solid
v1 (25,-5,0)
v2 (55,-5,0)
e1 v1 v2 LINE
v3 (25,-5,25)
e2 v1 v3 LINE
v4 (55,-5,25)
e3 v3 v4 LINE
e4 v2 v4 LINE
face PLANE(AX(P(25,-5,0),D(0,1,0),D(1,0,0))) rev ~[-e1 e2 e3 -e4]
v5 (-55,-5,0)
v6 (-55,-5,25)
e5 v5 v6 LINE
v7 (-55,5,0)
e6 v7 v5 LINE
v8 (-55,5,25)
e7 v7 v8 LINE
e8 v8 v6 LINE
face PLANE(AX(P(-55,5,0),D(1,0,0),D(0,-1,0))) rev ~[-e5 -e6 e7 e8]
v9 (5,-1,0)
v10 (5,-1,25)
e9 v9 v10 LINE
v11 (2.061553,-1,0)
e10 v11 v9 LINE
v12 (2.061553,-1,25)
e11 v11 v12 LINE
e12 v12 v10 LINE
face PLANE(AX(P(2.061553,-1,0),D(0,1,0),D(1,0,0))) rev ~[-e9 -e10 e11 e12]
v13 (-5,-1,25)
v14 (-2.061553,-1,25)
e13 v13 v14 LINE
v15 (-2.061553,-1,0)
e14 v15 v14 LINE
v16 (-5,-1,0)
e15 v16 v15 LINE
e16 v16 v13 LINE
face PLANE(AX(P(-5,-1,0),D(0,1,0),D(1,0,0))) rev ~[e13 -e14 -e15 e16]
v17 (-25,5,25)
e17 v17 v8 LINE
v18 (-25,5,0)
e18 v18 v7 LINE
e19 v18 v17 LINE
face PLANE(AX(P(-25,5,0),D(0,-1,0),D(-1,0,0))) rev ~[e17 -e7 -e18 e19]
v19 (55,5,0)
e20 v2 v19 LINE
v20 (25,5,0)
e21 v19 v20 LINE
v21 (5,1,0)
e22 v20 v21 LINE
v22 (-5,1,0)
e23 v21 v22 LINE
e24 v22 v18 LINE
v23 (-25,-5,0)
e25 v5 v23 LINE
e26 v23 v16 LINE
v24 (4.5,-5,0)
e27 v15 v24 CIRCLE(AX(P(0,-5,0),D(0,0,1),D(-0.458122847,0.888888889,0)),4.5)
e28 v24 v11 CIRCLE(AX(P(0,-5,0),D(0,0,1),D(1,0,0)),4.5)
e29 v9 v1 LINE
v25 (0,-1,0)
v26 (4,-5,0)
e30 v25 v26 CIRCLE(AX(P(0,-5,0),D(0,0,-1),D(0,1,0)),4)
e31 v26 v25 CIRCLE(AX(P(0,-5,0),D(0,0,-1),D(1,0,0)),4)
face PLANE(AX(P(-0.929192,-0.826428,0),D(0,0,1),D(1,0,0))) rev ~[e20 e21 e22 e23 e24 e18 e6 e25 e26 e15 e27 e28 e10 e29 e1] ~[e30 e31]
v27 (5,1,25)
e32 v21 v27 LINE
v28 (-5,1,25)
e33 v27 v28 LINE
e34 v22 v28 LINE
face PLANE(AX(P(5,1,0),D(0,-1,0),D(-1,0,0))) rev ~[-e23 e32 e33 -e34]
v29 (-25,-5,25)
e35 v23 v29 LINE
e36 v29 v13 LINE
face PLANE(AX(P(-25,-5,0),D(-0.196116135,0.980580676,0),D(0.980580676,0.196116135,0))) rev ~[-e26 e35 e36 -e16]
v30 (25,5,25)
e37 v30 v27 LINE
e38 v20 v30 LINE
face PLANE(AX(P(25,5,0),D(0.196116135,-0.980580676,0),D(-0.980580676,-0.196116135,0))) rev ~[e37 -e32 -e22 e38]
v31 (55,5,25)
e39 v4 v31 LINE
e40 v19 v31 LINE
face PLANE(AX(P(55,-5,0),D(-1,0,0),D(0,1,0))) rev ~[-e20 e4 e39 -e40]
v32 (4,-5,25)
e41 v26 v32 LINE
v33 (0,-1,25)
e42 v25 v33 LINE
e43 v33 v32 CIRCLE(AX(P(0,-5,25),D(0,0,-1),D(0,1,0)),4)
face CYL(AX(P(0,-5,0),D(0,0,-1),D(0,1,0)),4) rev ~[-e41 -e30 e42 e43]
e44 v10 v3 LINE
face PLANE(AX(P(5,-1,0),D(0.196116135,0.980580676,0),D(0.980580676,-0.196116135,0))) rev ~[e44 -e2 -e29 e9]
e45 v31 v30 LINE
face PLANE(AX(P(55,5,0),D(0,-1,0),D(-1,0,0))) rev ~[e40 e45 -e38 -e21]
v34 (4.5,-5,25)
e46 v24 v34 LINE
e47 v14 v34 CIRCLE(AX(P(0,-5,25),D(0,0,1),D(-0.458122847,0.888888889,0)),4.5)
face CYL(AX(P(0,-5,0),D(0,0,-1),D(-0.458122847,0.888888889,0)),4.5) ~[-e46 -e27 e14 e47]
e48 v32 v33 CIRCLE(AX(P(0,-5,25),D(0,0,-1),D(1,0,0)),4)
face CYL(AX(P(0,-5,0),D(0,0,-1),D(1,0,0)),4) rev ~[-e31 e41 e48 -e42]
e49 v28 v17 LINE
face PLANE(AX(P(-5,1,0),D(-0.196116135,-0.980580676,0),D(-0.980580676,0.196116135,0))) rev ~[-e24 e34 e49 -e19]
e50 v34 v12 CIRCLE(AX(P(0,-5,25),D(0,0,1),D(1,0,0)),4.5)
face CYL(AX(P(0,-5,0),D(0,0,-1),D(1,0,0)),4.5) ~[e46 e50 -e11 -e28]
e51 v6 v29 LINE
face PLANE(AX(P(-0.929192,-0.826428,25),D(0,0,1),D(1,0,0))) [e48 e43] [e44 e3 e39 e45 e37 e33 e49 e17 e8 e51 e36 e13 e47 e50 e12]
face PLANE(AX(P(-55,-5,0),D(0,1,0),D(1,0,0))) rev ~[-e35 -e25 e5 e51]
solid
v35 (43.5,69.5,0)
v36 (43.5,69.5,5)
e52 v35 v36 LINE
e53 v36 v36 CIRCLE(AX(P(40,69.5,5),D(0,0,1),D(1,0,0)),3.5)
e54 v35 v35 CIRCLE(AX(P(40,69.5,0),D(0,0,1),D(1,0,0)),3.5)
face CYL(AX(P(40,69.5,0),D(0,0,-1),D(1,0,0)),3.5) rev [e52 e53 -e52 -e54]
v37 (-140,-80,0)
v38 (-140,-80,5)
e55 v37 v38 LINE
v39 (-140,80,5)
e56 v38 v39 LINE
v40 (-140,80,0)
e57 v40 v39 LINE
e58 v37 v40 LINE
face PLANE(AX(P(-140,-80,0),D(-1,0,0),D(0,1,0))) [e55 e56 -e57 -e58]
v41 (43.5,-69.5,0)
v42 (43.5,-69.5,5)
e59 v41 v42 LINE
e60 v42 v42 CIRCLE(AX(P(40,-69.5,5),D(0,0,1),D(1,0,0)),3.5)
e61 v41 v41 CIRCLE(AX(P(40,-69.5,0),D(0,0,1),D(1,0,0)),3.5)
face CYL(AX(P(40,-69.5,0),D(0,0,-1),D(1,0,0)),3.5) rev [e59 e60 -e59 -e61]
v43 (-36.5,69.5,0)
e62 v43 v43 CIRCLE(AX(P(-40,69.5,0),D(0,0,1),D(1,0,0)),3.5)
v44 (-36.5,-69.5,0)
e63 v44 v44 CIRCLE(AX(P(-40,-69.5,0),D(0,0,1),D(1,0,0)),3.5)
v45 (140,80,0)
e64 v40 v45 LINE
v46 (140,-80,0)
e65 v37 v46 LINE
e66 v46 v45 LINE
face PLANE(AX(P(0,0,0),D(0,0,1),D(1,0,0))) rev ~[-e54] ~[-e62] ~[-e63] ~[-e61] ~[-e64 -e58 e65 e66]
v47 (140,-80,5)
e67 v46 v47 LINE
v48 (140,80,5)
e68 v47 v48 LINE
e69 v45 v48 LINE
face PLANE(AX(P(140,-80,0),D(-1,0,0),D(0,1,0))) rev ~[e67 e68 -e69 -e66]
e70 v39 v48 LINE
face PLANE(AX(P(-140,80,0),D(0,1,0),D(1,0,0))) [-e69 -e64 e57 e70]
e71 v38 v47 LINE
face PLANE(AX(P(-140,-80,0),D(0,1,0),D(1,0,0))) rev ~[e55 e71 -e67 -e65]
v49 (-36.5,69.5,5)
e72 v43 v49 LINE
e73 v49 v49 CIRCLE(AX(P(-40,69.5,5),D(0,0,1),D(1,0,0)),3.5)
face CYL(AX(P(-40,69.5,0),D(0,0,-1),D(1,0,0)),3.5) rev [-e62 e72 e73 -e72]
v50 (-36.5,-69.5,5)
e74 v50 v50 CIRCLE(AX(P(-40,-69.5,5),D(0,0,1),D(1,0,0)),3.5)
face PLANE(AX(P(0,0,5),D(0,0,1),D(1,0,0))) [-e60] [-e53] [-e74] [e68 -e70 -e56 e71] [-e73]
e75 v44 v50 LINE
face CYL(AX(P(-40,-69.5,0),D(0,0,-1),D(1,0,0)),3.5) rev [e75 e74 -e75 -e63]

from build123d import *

# Parameters (mm, degrees)
F0_W     = 280
F0_H     = 160
F0_R     = 3.5
F1_DEPTH = 5
F3_DEPTH = 25


with BuildPart() as f1:
    # F0 (on Top) → F1 (new body)
    with BuildSketch(Plane.XY):
        Rectangle(F0_W, F0_H)
        with Locations((-40, -69.5)):
            Circle(F0_R, mode=Mode.SUBTRACT)
        with Locations((40, -69.5)):
            Circle(F0_R, mode=Mode.SUBTRACT)
        with Locations((-40, 69.5)):
            Circle(F0_R, mode=Mode.SUBTRACT)
        with Locations((40, 69.5)):
            Circle(F0_R, mode=Mode.SUBTRACT)
    extrude(amount=F1_DEPTH)


with BuildPart() as f3:
    # F2 (on face) → F3 (new body)
    with BuildSketch(Plane.XY):
        with BuildLine():
            ThreePointArc((0, -0.5), (-1.0606601718, -0.6267860789), (-2.0615528128, -1))
            Line((-2.0615528128, -1), (0, -1))
            Line((0, -1), (0, -0.5))
        make_face()
        with BuildLine():
            Line((0, -1), (2.0615528128, -1))
            ThreePointArc((2.0615528128, -1), (1.0606601718, -0.6267860789), (0, -0.5))
            Line((0, -0.5), (0, -1))
        make_face()
        with BuildLine():
            ThreePointArc((4.5, -5), (3.8423292192, -2.6576707808), (2.0615528128, -1))
            Line((2.0615528128, -1), (0, -1))
            Line((0, -1), (-2.0615528128, -1))
            ThreePointArc((-2.0615528128, -1), (-2.3423292192, -8.8423292192), (4.5, -5))
        make_face()
        with BuildLine():
            ThreePointArc((4, -5), (-2.8284271247, -7.8284271247), (0, -1))
            ThreePointArc((0, -1), (2.8284271247, -2.1715728753), (4, -5))
        make_face(mode=Mode.SUBTRACT)
        with BuildLine():
            Line((5, 1), (0, 1))
            Line((0, 1), (-5, 1))
            Line((-5, 1), (-25, 5))
            Line((-25, 5), (-55, 5))
            Line((-55, 5), (-55, 0))
            Line((-55, 0), (-55, -5))
            Line((-55, -5), (-25, -5))
            Line((-25, -5), (-5, -1))
            Line((-5, -1), (-2.0615528128, -1))
            ThreePointArc((-2.0615528128, -1), (-1.0606601718, -0.6267860789), (0, -0.5))
            ThreePointArc((0, -0.5), (1.0606601718, -0.6267860789), (2.0615528128, -1))
            Line((2.0615528128, -1), (5, -1))
            Line((5, -1), (25, -5))
            Line((25, -5), (55, -5))
            Line((55, -5), (55, 5))
            Line((55, 5), (25, 5))
            Line((25, 5), (5, 1))
        make_face()
    extrude(amount=F3_DEPTH)


solid = Compound([f1.part, f3.part])
